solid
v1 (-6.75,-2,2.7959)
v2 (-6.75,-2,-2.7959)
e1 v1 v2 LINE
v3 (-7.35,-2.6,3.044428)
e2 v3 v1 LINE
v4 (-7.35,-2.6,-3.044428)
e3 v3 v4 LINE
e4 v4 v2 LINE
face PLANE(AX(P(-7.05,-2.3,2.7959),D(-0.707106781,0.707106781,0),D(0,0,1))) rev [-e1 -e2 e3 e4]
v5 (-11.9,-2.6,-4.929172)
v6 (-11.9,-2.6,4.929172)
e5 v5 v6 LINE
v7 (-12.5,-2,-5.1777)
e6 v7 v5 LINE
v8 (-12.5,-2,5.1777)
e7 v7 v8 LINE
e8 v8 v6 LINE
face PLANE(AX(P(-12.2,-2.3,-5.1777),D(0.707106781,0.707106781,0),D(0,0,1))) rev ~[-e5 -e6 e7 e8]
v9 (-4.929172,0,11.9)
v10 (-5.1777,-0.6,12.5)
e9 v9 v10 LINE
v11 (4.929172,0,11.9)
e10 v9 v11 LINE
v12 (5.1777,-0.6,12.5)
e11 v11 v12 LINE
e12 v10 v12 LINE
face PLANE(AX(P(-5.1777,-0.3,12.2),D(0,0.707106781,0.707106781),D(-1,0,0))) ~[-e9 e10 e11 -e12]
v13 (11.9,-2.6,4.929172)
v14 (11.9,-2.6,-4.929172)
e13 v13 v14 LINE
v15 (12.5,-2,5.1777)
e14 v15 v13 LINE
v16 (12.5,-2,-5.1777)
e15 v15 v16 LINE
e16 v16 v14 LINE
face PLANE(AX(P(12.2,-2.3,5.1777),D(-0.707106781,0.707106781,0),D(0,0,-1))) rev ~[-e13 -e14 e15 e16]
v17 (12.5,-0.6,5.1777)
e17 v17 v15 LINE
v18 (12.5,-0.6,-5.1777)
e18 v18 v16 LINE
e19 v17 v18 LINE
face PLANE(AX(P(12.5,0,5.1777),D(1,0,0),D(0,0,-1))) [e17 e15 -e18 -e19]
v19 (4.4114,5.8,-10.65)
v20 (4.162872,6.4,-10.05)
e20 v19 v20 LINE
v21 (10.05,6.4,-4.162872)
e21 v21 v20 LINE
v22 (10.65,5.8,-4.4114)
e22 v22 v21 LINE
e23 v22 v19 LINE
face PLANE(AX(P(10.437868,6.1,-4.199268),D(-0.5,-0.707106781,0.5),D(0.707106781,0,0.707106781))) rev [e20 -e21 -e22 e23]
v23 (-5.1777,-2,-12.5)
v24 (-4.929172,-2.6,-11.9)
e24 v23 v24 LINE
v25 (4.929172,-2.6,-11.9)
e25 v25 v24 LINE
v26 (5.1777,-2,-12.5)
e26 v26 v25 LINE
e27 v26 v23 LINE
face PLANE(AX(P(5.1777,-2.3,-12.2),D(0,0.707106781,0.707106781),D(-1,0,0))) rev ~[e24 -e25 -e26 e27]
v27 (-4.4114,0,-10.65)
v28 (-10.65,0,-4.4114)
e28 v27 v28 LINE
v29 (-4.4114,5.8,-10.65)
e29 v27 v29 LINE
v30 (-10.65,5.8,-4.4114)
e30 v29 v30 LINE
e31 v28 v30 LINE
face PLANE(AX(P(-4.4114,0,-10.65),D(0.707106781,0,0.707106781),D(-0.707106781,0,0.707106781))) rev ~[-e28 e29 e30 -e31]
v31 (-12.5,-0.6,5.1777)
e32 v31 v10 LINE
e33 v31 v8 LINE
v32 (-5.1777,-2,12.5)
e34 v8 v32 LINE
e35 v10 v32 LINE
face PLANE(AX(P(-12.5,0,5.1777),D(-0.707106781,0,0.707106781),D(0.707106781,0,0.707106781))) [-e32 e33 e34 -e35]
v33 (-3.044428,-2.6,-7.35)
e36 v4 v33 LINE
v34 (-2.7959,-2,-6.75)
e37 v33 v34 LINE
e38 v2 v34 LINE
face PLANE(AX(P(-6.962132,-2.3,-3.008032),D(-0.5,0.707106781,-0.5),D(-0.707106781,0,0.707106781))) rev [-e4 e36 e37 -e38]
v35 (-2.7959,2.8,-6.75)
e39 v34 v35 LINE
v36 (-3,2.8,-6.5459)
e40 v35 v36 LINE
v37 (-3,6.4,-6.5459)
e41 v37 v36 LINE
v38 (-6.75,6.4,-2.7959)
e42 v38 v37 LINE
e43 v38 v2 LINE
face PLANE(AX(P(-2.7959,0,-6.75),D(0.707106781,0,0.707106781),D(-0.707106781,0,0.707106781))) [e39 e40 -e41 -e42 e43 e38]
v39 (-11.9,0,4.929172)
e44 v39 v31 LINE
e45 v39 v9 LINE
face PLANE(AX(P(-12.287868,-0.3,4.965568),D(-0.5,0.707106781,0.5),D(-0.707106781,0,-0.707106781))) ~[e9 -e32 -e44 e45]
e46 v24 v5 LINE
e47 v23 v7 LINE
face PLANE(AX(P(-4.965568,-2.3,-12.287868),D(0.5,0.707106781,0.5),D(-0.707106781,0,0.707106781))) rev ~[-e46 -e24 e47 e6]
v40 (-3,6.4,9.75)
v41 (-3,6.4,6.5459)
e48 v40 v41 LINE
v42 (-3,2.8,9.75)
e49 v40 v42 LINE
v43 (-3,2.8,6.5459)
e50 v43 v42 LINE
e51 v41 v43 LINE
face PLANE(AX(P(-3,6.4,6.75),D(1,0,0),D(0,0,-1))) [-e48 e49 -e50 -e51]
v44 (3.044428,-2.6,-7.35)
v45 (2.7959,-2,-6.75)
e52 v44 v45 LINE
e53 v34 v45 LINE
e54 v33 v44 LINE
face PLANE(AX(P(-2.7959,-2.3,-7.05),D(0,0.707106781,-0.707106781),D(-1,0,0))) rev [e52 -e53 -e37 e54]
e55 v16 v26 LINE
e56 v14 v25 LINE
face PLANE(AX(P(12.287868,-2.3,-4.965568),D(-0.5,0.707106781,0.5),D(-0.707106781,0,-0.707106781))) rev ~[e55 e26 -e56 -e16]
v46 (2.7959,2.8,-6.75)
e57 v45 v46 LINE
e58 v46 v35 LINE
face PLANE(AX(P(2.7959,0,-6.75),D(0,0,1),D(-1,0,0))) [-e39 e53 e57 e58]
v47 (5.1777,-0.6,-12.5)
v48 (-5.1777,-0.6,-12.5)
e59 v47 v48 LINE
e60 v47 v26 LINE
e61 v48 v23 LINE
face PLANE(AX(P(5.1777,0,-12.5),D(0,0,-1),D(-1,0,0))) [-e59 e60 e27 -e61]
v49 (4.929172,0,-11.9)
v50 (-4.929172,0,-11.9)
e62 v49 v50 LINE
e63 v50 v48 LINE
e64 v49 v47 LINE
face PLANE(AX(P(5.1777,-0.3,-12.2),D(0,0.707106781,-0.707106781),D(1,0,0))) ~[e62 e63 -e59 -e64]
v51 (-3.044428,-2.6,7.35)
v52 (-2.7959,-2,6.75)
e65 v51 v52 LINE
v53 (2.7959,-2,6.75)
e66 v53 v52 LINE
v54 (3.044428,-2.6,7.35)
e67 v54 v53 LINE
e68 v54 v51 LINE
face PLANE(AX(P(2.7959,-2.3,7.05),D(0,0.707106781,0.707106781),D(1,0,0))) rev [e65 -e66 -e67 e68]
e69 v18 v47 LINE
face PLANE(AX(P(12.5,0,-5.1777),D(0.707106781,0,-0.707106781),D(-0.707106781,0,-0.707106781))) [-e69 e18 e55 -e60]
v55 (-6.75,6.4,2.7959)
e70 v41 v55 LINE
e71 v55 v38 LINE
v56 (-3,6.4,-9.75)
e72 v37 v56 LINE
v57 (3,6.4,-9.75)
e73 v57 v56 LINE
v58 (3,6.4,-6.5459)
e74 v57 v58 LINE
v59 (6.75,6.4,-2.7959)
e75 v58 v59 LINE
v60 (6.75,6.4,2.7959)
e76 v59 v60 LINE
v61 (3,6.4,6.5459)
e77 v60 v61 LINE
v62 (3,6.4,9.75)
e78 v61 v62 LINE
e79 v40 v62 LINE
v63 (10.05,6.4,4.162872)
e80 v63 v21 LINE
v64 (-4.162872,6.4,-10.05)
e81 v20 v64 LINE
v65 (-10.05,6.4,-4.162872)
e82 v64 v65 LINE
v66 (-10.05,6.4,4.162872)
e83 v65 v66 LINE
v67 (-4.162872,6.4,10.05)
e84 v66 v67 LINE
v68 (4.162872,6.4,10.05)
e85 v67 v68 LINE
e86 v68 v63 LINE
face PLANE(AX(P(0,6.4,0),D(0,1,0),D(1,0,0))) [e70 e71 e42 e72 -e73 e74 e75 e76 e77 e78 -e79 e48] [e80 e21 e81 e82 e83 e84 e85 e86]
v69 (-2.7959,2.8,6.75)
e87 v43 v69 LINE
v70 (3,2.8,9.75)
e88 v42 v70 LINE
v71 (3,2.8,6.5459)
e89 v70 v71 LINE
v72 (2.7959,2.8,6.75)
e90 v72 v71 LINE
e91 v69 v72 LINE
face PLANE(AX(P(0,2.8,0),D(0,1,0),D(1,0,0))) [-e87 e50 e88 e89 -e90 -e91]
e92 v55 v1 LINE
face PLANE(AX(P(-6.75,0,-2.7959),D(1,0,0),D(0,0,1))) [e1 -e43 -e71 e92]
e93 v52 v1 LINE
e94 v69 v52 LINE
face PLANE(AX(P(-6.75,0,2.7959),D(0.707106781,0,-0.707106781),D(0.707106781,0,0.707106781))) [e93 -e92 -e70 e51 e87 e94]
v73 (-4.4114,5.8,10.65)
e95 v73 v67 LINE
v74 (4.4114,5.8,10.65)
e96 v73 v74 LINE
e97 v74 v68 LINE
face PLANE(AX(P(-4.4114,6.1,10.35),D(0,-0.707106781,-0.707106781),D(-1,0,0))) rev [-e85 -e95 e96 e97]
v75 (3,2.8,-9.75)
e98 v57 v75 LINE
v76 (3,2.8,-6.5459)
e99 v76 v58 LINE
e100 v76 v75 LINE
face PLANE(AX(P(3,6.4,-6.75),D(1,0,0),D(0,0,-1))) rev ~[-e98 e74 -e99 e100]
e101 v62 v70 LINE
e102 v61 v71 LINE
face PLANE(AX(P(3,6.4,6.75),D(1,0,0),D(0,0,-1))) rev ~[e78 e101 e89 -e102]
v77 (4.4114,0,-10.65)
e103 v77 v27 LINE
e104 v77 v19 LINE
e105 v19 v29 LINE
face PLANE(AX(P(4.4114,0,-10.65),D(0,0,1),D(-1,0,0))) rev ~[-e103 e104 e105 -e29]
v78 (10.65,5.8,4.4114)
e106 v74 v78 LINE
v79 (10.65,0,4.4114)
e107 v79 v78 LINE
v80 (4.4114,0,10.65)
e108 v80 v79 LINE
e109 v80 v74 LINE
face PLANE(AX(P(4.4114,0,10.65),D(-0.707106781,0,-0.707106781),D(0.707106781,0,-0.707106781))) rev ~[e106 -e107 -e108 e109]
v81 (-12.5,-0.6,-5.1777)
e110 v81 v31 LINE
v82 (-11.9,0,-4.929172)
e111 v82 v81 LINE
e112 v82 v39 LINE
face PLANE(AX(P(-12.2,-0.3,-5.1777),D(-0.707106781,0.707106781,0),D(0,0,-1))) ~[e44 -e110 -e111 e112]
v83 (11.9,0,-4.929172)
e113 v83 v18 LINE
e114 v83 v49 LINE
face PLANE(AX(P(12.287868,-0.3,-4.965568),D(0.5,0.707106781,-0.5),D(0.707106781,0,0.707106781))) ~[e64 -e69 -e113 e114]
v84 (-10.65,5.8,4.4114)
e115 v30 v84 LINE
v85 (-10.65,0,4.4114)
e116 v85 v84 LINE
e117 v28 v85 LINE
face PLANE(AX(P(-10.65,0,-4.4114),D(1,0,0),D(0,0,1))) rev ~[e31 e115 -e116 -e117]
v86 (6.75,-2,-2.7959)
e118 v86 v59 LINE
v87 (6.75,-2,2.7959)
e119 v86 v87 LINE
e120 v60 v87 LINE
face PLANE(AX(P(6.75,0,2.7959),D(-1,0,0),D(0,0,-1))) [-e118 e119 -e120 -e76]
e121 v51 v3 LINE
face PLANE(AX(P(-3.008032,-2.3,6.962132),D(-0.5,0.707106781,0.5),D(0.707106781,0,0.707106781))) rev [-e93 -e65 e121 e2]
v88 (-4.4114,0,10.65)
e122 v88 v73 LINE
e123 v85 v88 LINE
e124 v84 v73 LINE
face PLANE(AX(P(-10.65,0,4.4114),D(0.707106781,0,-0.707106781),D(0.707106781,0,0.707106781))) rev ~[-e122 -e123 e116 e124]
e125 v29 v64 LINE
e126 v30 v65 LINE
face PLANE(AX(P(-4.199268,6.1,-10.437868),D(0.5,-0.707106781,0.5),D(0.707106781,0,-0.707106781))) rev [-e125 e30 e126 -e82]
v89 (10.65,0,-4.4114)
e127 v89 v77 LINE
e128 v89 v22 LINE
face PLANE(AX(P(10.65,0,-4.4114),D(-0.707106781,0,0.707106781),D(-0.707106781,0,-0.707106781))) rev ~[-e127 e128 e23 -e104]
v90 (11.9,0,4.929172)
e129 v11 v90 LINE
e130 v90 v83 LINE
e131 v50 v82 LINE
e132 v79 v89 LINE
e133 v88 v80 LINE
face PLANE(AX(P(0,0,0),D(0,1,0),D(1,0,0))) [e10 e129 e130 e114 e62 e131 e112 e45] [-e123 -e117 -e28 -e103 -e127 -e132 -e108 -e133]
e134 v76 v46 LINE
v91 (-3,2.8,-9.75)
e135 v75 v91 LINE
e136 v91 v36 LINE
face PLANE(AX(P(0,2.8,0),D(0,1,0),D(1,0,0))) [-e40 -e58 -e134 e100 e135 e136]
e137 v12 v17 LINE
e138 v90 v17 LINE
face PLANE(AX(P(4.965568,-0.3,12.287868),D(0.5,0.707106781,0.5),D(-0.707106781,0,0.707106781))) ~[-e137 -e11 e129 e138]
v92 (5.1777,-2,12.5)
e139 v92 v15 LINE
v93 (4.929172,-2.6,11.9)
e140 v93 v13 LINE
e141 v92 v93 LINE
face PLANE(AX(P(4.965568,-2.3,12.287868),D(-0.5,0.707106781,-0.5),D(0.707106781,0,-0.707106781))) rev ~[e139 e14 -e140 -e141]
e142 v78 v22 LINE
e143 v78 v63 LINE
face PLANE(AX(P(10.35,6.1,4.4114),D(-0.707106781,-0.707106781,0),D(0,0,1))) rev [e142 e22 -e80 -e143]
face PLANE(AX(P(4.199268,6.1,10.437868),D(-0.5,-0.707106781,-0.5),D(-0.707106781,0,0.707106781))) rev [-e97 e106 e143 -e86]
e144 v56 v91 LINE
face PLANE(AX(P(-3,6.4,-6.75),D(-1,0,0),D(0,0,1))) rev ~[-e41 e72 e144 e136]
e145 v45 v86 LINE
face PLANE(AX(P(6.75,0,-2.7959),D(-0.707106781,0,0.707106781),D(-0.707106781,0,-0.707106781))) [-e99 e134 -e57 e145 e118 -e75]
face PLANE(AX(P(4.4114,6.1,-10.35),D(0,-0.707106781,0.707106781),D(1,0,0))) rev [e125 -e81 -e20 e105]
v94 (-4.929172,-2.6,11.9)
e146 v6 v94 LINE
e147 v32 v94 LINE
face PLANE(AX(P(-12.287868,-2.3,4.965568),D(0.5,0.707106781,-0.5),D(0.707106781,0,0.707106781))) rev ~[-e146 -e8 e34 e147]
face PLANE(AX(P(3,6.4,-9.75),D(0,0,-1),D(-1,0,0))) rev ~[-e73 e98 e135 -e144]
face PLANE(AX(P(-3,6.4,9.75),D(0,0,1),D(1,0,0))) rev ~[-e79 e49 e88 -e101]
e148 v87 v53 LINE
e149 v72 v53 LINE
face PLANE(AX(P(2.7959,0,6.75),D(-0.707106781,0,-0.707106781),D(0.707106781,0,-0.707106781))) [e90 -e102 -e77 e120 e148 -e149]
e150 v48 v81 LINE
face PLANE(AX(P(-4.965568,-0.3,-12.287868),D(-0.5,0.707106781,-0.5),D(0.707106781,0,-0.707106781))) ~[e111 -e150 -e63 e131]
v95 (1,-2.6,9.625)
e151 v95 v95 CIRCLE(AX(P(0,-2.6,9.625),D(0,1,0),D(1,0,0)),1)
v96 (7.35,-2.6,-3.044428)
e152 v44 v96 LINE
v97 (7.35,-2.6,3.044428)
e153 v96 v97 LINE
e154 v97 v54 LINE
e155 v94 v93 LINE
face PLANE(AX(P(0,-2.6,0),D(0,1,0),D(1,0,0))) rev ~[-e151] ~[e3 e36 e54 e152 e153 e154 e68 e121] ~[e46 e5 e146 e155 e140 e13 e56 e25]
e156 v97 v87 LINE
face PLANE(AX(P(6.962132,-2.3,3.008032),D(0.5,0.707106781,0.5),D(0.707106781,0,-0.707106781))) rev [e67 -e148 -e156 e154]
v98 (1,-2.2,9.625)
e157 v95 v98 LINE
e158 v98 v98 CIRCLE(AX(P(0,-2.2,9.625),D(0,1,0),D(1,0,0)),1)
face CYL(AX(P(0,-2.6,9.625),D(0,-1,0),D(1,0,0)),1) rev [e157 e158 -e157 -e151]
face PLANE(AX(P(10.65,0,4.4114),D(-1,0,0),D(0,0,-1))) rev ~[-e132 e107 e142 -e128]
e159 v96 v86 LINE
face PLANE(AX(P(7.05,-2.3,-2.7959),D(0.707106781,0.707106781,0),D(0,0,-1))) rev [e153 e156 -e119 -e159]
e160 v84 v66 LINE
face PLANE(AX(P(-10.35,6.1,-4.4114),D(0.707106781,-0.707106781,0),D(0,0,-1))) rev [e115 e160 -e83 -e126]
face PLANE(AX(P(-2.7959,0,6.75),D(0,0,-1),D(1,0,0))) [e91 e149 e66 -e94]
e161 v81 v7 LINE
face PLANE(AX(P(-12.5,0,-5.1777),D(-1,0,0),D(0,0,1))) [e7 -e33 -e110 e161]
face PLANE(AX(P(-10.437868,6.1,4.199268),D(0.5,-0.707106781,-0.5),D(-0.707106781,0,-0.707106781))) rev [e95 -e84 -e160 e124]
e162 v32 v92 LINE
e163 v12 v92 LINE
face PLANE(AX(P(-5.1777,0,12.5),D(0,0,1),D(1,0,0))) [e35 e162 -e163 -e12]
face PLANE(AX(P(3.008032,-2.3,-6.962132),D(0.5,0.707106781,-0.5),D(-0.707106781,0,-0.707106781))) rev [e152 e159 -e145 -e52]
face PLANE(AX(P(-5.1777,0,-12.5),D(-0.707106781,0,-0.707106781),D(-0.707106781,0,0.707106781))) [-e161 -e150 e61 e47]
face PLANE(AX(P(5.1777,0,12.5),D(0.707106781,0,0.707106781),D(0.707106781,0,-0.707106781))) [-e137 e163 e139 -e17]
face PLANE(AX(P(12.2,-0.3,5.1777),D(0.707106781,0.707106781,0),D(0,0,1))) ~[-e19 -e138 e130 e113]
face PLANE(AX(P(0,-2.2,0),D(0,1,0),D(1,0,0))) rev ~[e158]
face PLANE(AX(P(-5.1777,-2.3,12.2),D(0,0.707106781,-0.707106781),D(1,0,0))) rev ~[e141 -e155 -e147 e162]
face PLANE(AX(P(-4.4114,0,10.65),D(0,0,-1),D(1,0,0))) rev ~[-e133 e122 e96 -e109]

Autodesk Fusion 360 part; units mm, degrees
sketch "Base" plane through (0, 0, 0) normal (0, 1, 0) x (1, 0, 0) in component "Squeegee Holder"
  line L0 (4.4321, 10.7) -> (-4.4321, 10.7)
  line L1 (-4.4321, 10.7) -> (-10.7, 4.4321)
  line L2 (-10.7, 4.4321) -> (-10.7, -4.4321)
  line L3 (-10.7, -4.4321) -> (-4.4321, -10.7)
  line L4 (-4.4321, -10.7) -> (4.4321, -10.7)
  line L5 (4.4321, -10.7) -> (10.7, -4.4321)
  line L6 (10.7, -4.4321) -> (10.7, 4.4321)
  line L7 (10.7, 4.4321) -> (4.4321, 10.7)
  line L8 (10.65, 4.4114) -> (4.4114, 10.65)
  line L9 (4.4114, 10.65) -> (-4.4114, 10.65)
  line L10 (-4.4114, 10.65) -> (-10.65, 4.4114)
  line L11 (-10.65, 4.4114) -> (-10.65, -4.4114)
  line L12 (-10.65, -4.4114) -> (-4.4114, -10.65)
  line L13 (-4.4114, -10.65) -> (4.4114, -10.65)
  line L14 (4.4114, -10.65) -> (10.65, -4.4114)
  line L15 (10.65, -4.4114) -> (10.65, 4.4114)
  line L16 (12.5, 5.1777) -> (5.1777, 12.5)
  line L17 (5.1777, 12.5) -> (-5.1777, 12.5)
  line L18 (-5.1777, 12.5) -> (-12.5, 5.1777)
  line L19 (-12.5, 5.1777) -> (-12.5, -5.1777)
  line L20 (-12.5, -5.1777) -> (-5.1777, -12.5)
  line L21 (-5.1777, -12.5) -> (5.1777, -12.5)
  line L22 (5.1777, -12.5) -> (12.5, -5.1777)
  line L23 (12.5, -5.1777) -> (12.5, 5.1777)
  line L24 (6.75, 2.7959) -> (2.7959, 6.75)
  line L25 (2.7959, 6.75) -> (-2.7959, 6.75)
  line L26 (-2.7959, 6.75) -> (-6.75, 2.7959)
  line L27 (-6.75, 2.7959) -> (-6.75, -2.7959)
  line L28 (-6.75, -2.7959) -> (-2.7959, -6.75)
  line L29 (-2.7959, -6.75) -> (2.7959, -6.75)
  line L30 (2.7959, -6.75) -> (6.75, -2.7959)
  line L31 (6.75, -2.7959) -> (6.75, 2.7959)
  line L32 (-4.9706, 12) -> (-12, 4.9706)
  line L33 (-12, 4.9706) -> (-12, -4.9706)
  line L34 (-12, -4.9706) -> (-4.9706, -12)
  line L35 (-4.9706, -12) -> (4.9706, -12)
  line L36 (4.9706, -12) -> (12, -4.9706)
  line L37 (12, -4.9706) -> (12, 4.9706)
  line L38 (12, 4.9706) -> (4.9706, 12)
  line L39 (4.9706, 12) -> (-4.9706, 12)
  dimension "d4" = 21.4
  dimension "d5" = 25
  dimension "d56" = 13.5
  dimension "d66" = 24
sketch "Notch" plane through (0, 0, 0) normal (0, 1, 0) x (1, 0, 0) in component "Squeegee Holder"
  line L0 (-4.4114, -10.65) -> (4.4114, -10.65) construction
  line L1 (3, -6.75) -> (-3, -6.75) construction
  line L2 (-3, -6.75) -> (-3, -9.75)
  line L3 (-3, -9.75) -> (3, -9.75)
  line L4 (3, -9.75) -> (3, -6.75)
  line L5 (-3, -6.75) -> (-3, -6.25)
  line L6 (3, -6.75) -> (3, -6.25)
  line L7 (3, -6.25) -> (-3, -6.25)
  line L8 (3, 9.75) -> (-3, 9.75)
  line L9 (-3, 9.75) -> (-3, 6.75)
  line L10 (3, 6.75) -> (3, 9.75)
  line L11 (3, 6.75) -> (3, 6.25)
  line L12 (-3, 6.75) -> (-3, 6.25)
  line L13 (-3, 6.25) -> (3, 6.25)
  line L14 (-2.7959, -6.75) -> (2.7959, -6.75)
  dimension "d24" = 6
  dimension "d25" = 3
  dimension "d31" = 360
  dimension "d57" = 0.5
extrude "Extrude5" add sketch "Base" along normal blind 6.4 contours L8 L9 L10 L11 L12 L13 L14 L15 | L24 L25 L26 L27 L28 L29 L30 L31 in component "Squeegee Holder"
extrude "Extrude10" add sketch "Base" against normal blind 2.6 contours L0 L1 L2 L3 L4 L5 L6 L7 | L8 L9 L10 L11 L12 L13 L14 L15 | L16 L17 L18 L19 L20 L21 L22 L23 | L24 L25 L26 L27 L28 L29 L30 L31 | L32 L33 L34 L35 L36 L37 L38 L39 in component "Squeegee Holder"
extrude "Extrude6" cut sketch "Base" along normal through all and the other way through all contours L24 L25 L26 L27 L28 L29 L30 L31 in component "Squeegee Holder"
extrude "Extrude8" cut sketch "Notch" against normal blind 3.6 from surface at 6.4 in component "Squeegee Holder"
sketch "Marca" plane through (0, -2.6, 0) normal (0, 1, 0) x (1, 0, 0) in component "Squeegee Holder"
  circle A0 centre (0, -9.625) radius 1
  line L0 (-2.7959, 6.75) -> (-6.75, 2.7959)
  line L1 (-6.75, 2.7959) -> (-6.75, -2.7959)
  line L2 (-6.75, -2.7959) -> (-2.7959, -6.75)
  line L3 (-2.7959, -6.75) -> (2.7959, -6.75)
  line L4 (2.7959, -6.75) -> (6.75, -2.7959)
  line L5 (6.75, -2.7959) -> (6.75, 2.7959)
  line L6 (6.75, 2.7959) -> (2.7959, 6.75)
  line L7 (2.7959, 6.75) -> (-2.7959, 6.75)
  line L8 (12.5, 5.1777) -> (12.5, -5.1777)
  line L9 (12.5, -5.1777) -> (5.1777, -12.5)
  line L10 (5.1777, -12.5) -> (-5.1777, -12.5)
  line L11 (-5.1777, -12.5) -> (-12.5, -5.1777)
  line L12 (-12.5, -5.1777) -> (-12.5, 5.1777)
  line L13 (-12.5, 5.1777) -> (-5.1777, 12.5)
  line L14 (-5.1777, 12.5) -> (5.1777, 12.5)
  line L15 (5.1777, 12.5) -> (12.5, 5.1777)
  line L16 (0, -12.5) -> (0, -6.75) construction
  dimension "d61" = 2
extrude "Extrude9" cut sketch "Marca" along normal blind 0.4 contours A0 in component "Squeegee Holder"
chamfer "Chamfer3" distance 0.6 angle 45 32 edges at (0, 6.4, 10.65) (7.5307, 6.4, 7.5307) (10.65, 6.4, 0) (7.5307, 6.4, -7.5307) (0, 6.4, -10.65) (-7.5307, 6.4, -7.5307) (-10.65, 6.4, 0) (-7.5307, 6.4, 7.5307) (12.5, 0, 0) (8.8388, 0, 8.8388) (8.8388, -2.6, 8.8388) (12.5, -2.6, 0) (0, 0, 12.5) (0, -2.6, 12.5) (8.8388, 0, -8.8388) (8.8388, -2.6, -8.8388) (0, -2.6, -12.5) (0, 0, -12.5) (-8.8388, 0, -8.8388) (-8.8388, -2.6, -8.8388) (-12.5, -2.6, 0) (-12.5, 0, 0) (-8.8388, 0, 8.8388) (-8.8388, -2.6, 8.8388) (0, -2.6, 6.75) (4.773, -2.6, 4.773) (6.75, -2.6, 0) (4.773, -2.6, -4.773) (0, -2.6, -6.75) (-4.773, -2.6, -4.773) (-6.75, -2.6, 0) (-4.773, -2.6, 4.773) in component "Squeegee Holder"
component "Squeegee Holder" placed x (1, 0, 0) y (0, 1, 0) z (0, 0, 1) at (0, 0, 0)
equation "d2 = -Clearance_Tight"
equation "d31 = 360.00 °"
equation "Clearance_Tight = 0.05 mm"
